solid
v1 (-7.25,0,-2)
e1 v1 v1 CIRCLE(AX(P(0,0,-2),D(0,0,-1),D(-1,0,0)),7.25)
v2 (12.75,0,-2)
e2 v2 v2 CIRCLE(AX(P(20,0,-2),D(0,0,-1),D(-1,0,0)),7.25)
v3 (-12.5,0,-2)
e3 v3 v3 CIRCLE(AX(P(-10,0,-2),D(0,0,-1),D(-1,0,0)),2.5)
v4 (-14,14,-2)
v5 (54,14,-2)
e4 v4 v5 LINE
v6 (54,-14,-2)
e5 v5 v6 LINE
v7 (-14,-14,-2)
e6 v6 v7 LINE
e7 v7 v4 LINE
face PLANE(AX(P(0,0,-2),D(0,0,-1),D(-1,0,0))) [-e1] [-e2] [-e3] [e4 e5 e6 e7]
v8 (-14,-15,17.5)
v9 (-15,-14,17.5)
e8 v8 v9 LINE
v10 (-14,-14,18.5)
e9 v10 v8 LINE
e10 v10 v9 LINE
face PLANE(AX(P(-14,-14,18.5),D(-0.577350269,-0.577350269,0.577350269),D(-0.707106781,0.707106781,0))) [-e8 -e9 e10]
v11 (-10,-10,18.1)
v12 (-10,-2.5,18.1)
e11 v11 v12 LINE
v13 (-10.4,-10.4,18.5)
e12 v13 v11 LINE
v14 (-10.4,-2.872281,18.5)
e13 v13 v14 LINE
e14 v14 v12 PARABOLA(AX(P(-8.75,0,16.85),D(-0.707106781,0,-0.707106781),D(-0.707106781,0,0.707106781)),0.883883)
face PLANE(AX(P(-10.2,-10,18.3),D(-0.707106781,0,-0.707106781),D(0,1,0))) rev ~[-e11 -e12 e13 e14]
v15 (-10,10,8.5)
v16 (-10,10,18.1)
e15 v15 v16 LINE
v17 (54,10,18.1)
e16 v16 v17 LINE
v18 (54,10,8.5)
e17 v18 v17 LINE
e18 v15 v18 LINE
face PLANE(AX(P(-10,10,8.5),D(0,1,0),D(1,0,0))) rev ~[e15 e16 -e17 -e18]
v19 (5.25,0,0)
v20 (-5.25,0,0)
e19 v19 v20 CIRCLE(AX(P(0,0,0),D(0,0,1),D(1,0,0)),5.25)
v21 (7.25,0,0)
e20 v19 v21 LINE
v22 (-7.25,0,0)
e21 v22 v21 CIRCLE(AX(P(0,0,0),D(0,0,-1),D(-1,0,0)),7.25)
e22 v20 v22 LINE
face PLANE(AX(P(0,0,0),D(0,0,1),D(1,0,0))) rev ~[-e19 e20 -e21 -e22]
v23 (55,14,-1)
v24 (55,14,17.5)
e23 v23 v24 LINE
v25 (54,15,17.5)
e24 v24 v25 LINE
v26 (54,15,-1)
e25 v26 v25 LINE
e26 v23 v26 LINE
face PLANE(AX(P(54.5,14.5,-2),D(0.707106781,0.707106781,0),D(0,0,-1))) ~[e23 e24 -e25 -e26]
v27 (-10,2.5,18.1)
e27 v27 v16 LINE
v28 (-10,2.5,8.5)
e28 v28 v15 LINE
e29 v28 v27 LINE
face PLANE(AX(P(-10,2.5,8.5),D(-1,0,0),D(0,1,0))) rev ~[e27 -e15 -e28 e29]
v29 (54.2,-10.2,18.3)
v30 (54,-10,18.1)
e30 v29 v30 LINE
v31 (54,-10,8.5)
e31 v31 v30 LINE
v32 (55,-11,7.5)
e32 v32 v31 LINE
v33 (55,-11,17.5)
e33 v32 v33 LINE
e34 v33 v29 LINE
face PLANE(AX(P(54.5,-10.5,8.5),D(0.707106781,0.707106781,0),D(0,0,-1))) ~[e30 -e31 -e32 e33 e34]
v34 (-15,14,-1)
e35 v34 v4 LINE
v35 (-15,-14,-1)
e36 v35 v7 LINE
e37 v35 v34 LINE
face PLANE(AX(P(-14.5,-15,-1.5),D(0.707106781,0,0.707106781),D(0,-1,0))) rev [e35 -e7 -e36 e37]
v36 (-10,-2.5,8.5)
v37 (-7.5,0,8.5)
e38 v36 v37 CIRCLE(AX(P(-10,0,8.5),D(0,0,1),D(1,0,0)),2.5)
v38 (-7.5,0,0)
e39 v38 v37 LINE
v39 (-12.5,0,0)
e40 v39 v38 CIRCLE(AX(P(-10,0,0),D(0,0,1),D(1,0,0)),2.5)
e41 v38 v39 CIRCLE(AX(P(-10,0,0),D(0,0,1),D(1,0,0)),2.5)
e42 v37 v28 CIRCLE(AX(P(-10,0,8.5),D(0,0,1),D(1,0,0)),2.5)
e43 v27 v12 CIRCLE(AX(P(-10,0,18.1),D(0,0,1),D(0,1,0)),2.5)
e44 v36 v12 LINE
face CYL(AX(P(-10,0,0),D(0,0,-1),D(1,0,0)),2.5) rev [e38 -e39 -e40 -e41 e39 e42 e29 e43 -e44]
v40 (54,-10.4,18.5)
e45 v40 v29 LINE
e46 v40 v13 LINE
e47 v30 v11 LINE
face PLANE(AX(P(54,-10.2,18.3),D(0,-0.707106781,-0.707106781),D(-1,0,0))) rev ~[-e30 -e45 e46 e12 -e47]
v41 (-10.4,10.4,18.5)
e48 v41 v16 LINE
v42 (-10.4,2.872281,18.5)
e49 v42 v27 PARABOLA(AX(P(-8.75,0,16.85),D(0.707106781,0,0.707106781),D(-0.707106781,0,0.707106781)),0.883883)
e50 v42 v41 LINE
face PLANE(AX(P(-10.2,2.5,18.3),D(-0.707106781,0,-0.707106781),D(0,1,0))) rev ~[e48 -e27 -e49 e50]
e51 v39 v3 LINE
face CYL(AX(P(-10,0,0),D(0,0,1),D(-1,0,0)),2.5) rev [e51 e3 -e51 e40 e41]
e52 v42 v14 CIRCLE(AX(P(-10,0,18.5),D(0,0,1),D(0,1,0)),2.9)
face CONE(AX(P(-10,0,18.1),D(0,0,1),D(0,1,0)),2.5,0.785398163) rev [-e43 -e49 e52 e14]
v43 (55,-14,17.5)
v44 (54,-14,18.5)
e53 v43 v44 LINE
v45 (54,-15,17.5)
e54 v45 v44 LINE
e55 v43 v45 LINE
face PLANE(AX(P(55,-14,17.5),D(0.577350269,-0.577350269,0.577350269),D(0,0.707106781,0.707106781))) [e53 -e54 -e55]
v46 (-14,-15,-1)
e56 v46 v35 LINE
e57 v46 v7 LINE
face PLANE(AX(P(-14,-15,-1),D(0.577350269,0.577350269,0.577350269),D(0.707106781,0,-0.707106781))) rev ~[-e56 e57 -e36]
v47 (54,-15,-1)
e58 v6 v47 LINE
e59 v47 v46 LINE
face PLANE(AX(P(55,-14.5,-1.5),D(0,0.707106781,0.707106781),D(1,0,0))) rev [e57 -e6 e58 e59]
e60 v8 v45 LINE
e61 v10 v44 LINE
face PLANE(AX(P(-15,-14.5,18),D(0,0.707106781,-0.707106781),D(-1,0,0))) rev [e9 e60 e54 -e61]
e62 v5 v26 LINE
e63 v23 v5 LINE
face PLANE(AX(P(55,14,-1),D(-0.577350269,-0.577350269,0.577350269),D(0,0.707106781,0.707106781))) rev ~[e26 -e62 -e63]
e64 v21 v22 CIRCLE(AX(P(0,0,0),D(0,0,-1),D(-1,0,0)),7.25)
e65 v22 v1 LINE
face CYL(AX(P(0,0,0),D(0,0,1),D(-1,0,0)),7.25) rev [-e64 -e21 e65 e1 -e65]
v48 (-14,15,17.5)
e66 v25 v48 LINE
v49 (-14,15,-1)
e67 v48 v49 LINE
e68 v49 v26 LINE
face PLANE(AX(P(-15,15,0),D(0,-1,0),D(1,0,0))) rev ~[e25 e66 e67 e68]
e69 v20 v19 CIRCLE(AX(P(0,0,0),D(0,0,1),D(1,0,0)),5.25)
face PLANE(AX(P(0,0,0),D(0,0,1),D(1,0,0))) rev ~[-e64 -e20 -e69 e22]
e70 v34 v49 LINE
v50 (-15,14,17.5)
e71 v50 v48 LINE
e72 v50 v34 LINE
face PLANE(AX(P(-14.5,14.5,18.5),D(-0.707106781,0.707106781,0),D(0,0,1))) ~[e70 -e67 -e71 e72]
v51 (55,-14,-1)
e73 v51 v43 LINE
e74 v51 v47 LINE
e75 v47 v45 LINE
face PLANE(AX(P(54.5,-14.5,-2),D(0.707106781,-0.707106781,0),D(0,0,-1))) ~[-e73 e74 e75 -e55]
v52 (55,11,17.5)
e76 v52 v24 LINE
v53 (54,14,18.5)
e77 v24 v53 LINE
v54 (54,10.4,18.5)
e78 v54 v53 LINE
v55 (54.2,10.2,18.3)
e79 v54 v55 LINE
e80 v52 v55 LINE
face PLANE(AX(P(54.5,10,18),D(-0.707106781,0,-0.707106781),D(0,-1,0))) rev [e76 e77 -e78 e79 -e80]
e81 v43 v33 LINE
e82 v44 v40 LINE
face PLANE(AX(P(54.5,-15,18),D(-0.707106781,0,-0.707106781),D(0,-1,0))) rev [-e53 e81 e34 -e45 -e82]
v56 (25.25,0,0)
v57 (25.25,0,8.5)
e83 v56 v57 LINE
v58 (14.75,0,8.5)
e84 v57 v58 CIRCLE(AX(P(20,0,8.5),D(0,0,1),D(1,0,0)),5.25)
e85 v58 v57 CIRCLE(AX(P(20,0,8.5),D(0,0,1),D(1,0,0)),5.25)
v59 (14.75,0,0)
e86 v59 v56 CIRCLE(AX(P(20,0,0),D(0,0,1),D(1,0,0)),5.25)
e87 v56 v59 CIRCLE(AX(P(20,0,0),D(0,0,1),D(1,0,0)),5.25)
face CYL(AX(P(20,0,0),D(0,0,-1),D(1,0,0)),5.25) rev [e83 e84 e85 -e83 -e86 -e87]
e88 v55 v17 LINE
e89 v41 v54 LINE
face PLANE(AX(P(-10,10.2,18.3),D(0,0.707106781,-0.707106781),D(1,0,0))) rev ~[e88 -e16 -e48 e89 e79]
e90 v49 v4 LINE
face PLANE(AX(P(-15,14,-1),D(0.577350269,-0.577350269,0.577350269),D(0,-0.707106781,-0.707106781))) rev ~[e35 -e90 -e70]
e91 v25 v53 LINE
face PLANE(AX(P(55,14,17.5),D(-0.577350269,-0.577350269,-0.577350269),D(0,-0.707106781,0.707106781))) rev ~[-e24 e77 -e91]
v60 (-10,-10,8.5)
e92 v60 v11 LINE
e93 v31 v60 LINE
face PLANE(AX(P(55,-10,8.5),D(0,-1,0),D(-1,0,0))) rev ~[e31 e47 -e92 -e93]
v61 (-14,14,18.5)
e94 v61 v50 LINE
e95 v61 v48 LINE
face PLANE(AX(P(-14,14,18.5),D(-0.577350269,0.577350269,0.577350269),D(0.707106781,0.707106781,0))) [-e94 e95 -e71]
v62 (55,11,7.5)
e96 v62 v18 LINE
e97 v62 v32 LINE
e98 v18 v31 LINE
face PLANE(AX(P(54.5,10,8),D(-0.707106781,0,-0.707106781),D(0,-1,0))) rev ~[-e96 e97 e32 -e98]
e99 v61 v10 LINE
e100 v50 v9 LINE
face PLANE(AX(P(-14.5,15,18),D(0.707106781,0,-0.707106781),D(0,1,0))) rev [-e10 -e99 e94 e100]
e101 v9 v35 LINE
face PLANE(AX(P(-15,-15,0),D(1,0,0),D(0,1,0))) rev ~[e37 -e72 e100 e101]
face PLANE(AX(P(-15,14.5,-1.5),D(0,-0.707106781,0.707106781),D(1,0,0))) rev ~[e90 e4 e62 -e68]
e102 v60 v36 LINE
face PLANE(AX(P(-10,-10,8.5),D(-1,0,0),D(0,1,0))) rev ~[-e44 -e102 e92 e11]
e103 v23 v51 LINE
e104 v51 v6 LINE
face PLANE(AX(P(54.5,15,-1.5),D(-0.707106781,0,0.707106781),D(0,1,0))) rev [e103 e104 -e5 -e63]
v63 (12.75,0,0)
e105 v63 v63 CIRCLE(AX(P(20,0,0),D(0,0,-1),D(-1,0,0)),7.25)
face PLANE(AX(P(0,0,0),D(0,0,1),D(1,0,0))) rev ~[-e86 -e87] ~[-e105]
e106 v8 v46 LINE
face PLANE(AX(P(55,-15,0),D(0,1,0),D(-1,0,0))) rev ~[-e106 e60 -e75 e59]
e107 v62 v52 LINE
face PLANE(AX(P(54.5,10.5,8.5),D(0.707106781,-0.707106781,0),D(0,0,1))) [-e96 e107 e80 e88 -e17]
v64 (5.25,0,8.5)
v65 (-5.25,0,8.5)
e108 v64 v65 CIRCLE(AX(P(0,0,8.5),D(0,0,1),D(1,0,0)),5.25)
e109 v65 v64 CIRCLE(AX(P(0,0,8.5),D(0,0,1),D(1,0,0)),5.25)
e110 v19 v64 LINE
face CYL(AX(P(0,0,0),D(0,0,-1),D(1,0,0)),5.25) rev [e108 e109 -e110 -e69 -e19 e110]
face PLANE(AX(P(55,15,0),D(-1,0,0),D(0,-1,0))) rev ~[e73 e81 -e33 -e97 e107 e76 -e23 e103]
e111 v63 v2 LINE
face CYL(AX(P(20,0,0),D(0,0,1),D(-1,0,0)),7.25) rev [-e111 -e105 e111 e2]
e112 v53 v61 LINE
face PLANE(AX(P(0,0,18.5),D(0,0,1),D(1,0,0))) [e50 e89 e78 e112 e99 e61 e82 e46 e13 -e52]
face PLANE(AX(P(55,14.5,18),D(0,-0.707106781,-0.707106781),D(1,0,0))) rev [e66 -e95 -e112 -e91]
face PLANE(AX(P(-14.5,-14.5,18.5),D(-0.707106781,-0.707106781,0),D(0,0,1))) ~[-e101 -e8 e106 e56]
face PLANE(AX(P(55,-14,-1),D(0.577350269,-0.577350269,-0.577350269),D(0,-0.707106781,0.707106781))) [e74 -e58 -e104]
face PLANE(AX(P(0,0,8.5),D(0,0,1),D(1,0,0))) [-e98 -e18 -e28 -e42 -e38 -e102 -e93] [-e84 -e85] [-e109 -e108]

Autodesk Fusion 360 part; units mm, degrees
sketch "Sketch1" plane through (0, 0, 0) normal (0, 0, 1) x (1, 0, 0)
  circle A0 centre (0, 0) radius 5.25
  line L0 (0, 0) -> (20, 0)
  circle A1 centre (20, 0) radius 5.25
  line L1 (0, 0) -> (-15, 0)
  line L2 (-15, 0) -> (-15, 15)
  line L3 (-15, 0) -> (-15, -15)
  line L4 (-15, -15) -> (55, -15)
  line L5 (-15, 15) -> (55, 15)
  line L6 (55, 15) -> (55, -15)
  circle A2 centre (-10, 0) radius 2.5
  dimension "d1" = 10.5
  dimension "d2" = 20
  dimension "d3" = 10.5
  dimension "d4" = 15
  dimension "d5" = 15
  dimension "d6" = 15
  dimension "d7" = 70
  dimension "d8" = 5
extrude "Extrude1" add sketch "Sketch1" along normal blind 8.5
sketch "Sketch2" plane through (0, 0, 8.5) normal (0, 0, 1) x (1, 0, 0)
  circle A0 centre (0, 0) radius 5.25
  circle A1 centre (-10, 0) radius 2.5
  circle A2 centre (20, 0) radius 5.25
  line L0 (-15, 15) -> (-15, -15)
  line L1 (-15, -15) -> (55, -15)
  line L2 (55, -15) -> (55, 15)
  line L3 (55, 15) -> (-15, 15)
  line L4 (-10, 10) -> (55, 10)
  line L5 (55, 10) -> (55, -10)
  line L6 (55, -10) -> (-10, -10)
  line L7 (-10, -10) -> (-10, 10)
  dimension "d11" = 20
  dimension "d12" = 65
extrude "Extrude2" add sketch "Sketch2" along normal blind 10 contours A1 L0 L1 L2 L3 L4 L6 L7
sketch "Sketch3" plane through (0, 0, 0) normal (0, 0, -1) x (-1, 0, 0)
  circle A0 centre (0, 0) radius 5.25
  circle A1 centre (10, 0) radius 2.5
  circle A2 centre (-20, 0) radius 5.25
  line L0 (15, -15) -> (15, 15)
  line L1 (15, 15) -> (-55, 15)
  line L2 (-55, 15) -> (-55, -15)
  line L3 (-55, -15) -> (15, -15)
  circle A3 centre (-20, 0) radius 7.25
  circle A4 centre (0, 0) radius 7.25
  dimension "d15" = 14.5
  dimension "d16" = 14.5
extrude "Extrude3" add sketch "Sketch3" along normal blind 2 contours L0 L1 L2 L3
chamfer "Chamfer1" distance 1 angle 45 16 edges at (20, 15, -2) (-15, 15, 8.25) (-15, 0, -2) (-15, -15, 8.25) (20, -15, -2) (55, 0, -2) (20, -15, 18.5) (-15, 0, 18.5) (20, 15, 18.5) (55, 15, 8.25) (55, -15, 8.25) (55, -12.5, 18.5) (55, 12.5, 18.5) (55, -10, 13.5) (55, 0, 8.5) (55, 10, 13.5)
chamfer "Chamfer2" distance 0.4 angle 45 5 edges at (22, -10, 18.5) (-10, -6.25, 18.5) (-12.5, 0, 18.5) (-10, 6.25, 18.5) (22, 10, 18.5)
